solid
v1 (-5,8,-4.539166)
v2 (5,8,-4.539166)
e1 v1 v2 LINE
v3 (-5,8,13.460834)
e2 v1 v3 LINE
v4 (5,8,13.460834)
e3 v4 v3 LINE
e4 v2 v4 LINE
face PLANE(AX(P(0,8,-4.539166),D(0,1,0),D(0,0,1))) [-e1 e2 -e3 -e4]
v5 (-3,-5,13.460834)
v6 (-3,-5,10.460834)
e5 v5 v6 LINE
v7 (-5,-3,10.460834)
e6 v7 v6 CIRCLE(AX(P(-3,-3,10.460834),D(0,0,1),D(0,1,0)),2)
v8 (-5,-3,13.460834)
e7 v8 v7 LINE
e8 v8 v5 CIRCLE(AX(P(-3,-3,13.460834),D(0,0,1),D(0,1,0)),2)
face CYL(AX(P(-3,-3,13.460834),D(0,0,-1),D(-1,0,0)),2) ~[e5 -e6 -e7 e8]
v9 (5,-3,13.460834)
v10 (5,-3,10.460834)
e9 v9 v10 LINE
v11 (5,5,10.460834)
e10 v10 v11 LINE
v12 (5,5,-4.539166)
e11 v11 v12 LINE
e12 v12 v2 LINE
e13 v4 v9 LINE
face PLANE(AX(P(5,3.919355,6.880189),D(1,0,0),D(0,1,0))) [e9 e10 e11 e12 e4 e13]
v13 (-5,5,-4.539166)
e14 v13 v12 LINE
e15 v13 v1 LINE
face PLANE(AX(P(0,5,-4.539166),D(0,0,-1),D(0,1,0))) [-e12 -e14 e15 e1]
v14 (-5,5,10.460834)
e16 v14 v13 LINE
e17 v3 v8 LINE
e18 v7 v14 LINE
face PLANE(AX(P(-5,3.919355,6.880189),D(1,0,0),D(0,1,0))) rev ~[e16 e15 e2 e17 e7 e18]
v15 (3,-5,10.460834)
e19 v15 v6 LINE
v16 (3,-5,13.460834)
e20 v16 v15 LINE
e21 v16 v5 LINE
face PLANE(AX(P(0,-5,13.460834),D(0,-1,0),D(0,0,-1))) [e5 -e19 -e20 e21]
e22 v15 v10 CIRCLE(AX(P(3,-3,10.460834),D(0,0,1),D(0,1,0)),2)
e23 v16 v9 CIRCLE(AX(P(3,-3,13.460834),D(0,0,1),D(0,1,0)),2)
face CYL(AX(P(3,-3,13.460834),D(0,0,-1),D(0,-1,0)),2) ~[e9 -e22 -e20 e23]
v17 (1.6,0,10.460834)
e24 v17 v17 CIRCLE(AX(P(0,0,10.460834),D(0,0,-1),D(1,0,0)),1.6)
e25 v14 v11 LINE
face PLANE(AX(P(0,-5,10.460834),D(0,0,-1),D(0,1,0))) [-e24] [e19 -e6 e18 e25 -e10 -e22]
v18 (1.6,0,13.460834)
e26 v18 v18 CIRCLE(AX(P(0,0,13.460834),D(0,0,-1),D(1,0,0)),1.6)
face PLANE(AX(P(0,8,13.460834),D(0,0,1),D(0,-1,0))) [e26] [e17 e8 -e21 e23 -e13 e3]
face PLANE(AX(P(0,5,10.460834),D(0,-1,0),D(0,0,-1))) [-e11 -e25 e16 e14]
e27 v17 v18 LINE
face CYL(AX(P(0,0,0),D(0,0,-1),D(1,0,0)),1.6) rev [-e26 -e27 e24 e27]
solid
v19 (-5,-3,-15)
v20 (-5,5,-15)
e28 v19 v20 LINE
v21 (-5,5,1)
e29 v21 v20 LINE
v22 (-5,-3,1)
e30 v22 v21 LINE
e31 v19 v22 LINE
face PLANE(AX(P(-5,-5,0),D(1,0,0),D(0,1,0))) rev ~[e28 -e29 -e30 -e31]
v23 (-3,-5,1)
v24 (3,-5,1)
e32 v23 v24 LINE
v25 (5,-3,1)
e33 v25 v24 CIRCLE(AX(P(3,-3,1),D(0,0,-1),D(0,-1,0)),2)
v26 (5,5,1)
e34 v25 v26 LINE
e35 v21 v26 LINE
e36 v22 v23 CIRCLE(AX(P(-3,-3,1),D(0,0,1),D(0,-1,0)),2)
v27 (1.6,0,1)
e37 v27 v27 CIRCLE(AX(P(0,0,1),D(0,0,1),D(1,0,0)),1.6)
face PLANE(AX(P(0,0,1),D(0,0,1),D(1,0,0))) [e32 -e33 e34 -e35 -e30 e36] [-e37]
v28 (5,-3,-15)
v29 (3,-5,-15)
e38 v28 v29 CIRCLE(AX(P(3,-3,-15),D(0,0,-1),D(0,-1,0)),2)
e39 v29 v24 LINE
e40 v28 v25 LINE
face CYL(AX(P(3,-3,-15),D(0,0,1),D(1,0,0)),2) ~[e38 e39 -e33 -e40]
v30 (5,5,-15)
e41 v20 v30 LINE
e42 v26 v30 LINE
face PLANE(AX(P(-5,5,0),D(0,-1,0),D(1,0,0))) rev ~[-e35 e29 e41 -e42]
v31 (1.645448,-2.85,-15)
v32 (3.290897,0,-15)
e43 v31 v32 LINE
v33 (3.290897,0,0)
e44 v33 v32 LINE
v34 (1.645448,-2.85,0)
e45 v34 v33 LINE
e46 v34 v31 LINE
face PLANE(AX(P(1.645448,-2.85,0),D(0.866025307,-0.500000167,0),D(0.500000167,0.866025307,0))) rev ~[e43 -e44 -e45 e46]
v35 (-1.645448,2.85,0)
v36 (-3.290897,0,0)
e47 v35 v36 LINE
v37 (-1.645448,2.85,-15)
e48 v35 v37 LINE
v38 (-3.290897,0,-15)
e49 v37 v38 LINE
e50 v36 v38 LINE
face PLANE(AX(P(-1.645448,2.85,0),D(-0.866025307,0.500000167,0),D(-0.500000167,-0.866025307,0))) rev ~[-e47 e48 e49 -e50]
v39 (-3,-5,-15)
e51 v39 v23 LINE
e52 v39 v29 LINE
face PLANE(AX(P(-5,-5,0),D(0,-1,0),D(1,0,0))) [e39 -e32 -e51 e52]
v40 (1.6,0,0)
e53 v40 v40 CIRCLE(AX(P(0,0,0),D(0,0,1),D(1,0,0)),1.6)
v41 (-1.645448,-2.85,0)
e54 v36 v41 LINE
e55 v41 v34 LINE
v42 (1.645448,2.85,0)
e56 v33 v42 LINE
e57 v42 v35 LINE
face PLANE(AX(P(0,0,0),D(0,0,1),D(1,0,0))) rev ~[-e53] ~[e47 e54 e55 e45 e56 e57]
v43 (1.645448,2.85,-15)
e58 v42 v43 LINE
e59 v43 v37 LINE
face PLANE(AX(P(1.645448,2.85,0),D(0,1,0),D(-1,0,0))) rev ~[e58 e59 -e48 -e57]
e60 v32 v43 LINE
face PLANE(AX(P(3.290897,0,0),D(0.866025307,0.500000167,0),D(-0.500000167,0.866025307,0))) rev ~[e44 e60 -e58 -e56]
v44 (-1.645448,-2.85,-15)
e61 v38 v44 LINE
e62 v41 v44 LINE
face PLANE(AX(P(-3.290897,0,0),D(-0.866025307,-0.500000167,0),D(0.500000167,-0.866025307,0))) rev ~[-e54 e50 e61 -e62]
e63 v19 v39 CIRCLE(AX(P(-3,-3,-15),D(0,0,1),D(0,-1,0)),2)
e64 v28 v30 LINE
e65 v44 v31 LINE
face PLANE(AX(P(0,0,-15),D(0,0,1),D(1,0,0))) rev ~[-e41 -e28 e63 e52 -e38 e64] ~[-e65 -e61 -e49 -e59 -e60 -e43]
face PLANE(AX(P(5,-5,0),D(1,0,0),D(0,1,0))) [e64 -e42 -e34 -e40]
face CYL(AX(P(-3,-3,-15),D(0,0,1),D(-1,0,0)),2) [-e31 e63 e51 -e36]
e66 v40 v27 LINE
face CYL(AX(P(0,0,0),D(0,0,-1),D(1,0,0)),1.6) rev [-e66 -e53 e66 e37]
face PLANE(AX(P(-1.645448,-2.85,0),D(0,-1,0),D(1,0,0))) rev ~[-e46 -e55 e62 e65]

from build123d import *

# Parameters (mm, degrees)
SKETCH_W     = 10
SKETCH_H     = 10
SKETCH_R     = 1.6
PAD_DEPTH    = 1
SKETCH001_W  = 10
SKETCH001_H  = 10
PAD001_DEPTH = 15
FILLET001_R  = 2
PAD002_DEPTH = 5
SKETCH003_R  = 1.6
POCKET_DEPTH = 13.461834
FILLET_R     = 2


with BuildPart() as fix:
    # Sketch → Pad (new body)
    with BuildSketch(Plane.XY):
        Rectangle(SKETCH_W, SKETCH_H)
        Circle(SKETCH_R, mode=Mode.SUBTRACT)
    extrude(amount=PAD_DEPTH)

    # Sketch001 → Pad001 (join)
    with BuildSketch(Plane.XY):
        Rectangle(SKETCH001_W, SKETCH001_H)
        Polygon((1.645448, 2.85), (-1.645448, 2.85), (-3.290897, 0), (-1.645448, -2.85), (1.645448, -2.85), (3.290897, 0), align=None, mode=Mode.SUBTRACT)
    extrude(amount=-PAD001_DEPTH)

    # Fillet001
    fillet001_edges = [fix.edges().sort_by_distance(p)[0] for p in [
        (5, -5, 0.5),
        (5, -5, -7.5),
        (-5, -5, -7.5),
        (-5, -5, 0.5),
    ]]
    fillet(fillet001_edges, radius=FILLET001_R)


with BuildPart() as move:
    # Sketch002 → Pad002 (new body, symmetric)
    with BuildSketch(Plane.YZ):
        Polygon((-5, 10.460834), (5, 10.460834), (5, -4.539166), (8, -4.539166), (8, 13.460834), (-5, 13.460834), align=None)
    extrude(amount=PAD002_DEPTH, both=True)

    # Sketch003 → Pocket (cut, through all)
    with BuildSketch(Plane.XY):
        Circle(SKETCH003_R)
    extrude(amount=POCKET_DEPTH, mode=Mode.SUBTRACT)

    # Fillet
    fillet_edges = [move.edges().sort_by_distance(p)[0] for p in [
        (-5, -5, 11.960834),
        (5, -5, 11.960834),
    ]]
    fillet(fillet_edges, radius=FILLET_R)


solid = Compound([fix.part, move.part])
